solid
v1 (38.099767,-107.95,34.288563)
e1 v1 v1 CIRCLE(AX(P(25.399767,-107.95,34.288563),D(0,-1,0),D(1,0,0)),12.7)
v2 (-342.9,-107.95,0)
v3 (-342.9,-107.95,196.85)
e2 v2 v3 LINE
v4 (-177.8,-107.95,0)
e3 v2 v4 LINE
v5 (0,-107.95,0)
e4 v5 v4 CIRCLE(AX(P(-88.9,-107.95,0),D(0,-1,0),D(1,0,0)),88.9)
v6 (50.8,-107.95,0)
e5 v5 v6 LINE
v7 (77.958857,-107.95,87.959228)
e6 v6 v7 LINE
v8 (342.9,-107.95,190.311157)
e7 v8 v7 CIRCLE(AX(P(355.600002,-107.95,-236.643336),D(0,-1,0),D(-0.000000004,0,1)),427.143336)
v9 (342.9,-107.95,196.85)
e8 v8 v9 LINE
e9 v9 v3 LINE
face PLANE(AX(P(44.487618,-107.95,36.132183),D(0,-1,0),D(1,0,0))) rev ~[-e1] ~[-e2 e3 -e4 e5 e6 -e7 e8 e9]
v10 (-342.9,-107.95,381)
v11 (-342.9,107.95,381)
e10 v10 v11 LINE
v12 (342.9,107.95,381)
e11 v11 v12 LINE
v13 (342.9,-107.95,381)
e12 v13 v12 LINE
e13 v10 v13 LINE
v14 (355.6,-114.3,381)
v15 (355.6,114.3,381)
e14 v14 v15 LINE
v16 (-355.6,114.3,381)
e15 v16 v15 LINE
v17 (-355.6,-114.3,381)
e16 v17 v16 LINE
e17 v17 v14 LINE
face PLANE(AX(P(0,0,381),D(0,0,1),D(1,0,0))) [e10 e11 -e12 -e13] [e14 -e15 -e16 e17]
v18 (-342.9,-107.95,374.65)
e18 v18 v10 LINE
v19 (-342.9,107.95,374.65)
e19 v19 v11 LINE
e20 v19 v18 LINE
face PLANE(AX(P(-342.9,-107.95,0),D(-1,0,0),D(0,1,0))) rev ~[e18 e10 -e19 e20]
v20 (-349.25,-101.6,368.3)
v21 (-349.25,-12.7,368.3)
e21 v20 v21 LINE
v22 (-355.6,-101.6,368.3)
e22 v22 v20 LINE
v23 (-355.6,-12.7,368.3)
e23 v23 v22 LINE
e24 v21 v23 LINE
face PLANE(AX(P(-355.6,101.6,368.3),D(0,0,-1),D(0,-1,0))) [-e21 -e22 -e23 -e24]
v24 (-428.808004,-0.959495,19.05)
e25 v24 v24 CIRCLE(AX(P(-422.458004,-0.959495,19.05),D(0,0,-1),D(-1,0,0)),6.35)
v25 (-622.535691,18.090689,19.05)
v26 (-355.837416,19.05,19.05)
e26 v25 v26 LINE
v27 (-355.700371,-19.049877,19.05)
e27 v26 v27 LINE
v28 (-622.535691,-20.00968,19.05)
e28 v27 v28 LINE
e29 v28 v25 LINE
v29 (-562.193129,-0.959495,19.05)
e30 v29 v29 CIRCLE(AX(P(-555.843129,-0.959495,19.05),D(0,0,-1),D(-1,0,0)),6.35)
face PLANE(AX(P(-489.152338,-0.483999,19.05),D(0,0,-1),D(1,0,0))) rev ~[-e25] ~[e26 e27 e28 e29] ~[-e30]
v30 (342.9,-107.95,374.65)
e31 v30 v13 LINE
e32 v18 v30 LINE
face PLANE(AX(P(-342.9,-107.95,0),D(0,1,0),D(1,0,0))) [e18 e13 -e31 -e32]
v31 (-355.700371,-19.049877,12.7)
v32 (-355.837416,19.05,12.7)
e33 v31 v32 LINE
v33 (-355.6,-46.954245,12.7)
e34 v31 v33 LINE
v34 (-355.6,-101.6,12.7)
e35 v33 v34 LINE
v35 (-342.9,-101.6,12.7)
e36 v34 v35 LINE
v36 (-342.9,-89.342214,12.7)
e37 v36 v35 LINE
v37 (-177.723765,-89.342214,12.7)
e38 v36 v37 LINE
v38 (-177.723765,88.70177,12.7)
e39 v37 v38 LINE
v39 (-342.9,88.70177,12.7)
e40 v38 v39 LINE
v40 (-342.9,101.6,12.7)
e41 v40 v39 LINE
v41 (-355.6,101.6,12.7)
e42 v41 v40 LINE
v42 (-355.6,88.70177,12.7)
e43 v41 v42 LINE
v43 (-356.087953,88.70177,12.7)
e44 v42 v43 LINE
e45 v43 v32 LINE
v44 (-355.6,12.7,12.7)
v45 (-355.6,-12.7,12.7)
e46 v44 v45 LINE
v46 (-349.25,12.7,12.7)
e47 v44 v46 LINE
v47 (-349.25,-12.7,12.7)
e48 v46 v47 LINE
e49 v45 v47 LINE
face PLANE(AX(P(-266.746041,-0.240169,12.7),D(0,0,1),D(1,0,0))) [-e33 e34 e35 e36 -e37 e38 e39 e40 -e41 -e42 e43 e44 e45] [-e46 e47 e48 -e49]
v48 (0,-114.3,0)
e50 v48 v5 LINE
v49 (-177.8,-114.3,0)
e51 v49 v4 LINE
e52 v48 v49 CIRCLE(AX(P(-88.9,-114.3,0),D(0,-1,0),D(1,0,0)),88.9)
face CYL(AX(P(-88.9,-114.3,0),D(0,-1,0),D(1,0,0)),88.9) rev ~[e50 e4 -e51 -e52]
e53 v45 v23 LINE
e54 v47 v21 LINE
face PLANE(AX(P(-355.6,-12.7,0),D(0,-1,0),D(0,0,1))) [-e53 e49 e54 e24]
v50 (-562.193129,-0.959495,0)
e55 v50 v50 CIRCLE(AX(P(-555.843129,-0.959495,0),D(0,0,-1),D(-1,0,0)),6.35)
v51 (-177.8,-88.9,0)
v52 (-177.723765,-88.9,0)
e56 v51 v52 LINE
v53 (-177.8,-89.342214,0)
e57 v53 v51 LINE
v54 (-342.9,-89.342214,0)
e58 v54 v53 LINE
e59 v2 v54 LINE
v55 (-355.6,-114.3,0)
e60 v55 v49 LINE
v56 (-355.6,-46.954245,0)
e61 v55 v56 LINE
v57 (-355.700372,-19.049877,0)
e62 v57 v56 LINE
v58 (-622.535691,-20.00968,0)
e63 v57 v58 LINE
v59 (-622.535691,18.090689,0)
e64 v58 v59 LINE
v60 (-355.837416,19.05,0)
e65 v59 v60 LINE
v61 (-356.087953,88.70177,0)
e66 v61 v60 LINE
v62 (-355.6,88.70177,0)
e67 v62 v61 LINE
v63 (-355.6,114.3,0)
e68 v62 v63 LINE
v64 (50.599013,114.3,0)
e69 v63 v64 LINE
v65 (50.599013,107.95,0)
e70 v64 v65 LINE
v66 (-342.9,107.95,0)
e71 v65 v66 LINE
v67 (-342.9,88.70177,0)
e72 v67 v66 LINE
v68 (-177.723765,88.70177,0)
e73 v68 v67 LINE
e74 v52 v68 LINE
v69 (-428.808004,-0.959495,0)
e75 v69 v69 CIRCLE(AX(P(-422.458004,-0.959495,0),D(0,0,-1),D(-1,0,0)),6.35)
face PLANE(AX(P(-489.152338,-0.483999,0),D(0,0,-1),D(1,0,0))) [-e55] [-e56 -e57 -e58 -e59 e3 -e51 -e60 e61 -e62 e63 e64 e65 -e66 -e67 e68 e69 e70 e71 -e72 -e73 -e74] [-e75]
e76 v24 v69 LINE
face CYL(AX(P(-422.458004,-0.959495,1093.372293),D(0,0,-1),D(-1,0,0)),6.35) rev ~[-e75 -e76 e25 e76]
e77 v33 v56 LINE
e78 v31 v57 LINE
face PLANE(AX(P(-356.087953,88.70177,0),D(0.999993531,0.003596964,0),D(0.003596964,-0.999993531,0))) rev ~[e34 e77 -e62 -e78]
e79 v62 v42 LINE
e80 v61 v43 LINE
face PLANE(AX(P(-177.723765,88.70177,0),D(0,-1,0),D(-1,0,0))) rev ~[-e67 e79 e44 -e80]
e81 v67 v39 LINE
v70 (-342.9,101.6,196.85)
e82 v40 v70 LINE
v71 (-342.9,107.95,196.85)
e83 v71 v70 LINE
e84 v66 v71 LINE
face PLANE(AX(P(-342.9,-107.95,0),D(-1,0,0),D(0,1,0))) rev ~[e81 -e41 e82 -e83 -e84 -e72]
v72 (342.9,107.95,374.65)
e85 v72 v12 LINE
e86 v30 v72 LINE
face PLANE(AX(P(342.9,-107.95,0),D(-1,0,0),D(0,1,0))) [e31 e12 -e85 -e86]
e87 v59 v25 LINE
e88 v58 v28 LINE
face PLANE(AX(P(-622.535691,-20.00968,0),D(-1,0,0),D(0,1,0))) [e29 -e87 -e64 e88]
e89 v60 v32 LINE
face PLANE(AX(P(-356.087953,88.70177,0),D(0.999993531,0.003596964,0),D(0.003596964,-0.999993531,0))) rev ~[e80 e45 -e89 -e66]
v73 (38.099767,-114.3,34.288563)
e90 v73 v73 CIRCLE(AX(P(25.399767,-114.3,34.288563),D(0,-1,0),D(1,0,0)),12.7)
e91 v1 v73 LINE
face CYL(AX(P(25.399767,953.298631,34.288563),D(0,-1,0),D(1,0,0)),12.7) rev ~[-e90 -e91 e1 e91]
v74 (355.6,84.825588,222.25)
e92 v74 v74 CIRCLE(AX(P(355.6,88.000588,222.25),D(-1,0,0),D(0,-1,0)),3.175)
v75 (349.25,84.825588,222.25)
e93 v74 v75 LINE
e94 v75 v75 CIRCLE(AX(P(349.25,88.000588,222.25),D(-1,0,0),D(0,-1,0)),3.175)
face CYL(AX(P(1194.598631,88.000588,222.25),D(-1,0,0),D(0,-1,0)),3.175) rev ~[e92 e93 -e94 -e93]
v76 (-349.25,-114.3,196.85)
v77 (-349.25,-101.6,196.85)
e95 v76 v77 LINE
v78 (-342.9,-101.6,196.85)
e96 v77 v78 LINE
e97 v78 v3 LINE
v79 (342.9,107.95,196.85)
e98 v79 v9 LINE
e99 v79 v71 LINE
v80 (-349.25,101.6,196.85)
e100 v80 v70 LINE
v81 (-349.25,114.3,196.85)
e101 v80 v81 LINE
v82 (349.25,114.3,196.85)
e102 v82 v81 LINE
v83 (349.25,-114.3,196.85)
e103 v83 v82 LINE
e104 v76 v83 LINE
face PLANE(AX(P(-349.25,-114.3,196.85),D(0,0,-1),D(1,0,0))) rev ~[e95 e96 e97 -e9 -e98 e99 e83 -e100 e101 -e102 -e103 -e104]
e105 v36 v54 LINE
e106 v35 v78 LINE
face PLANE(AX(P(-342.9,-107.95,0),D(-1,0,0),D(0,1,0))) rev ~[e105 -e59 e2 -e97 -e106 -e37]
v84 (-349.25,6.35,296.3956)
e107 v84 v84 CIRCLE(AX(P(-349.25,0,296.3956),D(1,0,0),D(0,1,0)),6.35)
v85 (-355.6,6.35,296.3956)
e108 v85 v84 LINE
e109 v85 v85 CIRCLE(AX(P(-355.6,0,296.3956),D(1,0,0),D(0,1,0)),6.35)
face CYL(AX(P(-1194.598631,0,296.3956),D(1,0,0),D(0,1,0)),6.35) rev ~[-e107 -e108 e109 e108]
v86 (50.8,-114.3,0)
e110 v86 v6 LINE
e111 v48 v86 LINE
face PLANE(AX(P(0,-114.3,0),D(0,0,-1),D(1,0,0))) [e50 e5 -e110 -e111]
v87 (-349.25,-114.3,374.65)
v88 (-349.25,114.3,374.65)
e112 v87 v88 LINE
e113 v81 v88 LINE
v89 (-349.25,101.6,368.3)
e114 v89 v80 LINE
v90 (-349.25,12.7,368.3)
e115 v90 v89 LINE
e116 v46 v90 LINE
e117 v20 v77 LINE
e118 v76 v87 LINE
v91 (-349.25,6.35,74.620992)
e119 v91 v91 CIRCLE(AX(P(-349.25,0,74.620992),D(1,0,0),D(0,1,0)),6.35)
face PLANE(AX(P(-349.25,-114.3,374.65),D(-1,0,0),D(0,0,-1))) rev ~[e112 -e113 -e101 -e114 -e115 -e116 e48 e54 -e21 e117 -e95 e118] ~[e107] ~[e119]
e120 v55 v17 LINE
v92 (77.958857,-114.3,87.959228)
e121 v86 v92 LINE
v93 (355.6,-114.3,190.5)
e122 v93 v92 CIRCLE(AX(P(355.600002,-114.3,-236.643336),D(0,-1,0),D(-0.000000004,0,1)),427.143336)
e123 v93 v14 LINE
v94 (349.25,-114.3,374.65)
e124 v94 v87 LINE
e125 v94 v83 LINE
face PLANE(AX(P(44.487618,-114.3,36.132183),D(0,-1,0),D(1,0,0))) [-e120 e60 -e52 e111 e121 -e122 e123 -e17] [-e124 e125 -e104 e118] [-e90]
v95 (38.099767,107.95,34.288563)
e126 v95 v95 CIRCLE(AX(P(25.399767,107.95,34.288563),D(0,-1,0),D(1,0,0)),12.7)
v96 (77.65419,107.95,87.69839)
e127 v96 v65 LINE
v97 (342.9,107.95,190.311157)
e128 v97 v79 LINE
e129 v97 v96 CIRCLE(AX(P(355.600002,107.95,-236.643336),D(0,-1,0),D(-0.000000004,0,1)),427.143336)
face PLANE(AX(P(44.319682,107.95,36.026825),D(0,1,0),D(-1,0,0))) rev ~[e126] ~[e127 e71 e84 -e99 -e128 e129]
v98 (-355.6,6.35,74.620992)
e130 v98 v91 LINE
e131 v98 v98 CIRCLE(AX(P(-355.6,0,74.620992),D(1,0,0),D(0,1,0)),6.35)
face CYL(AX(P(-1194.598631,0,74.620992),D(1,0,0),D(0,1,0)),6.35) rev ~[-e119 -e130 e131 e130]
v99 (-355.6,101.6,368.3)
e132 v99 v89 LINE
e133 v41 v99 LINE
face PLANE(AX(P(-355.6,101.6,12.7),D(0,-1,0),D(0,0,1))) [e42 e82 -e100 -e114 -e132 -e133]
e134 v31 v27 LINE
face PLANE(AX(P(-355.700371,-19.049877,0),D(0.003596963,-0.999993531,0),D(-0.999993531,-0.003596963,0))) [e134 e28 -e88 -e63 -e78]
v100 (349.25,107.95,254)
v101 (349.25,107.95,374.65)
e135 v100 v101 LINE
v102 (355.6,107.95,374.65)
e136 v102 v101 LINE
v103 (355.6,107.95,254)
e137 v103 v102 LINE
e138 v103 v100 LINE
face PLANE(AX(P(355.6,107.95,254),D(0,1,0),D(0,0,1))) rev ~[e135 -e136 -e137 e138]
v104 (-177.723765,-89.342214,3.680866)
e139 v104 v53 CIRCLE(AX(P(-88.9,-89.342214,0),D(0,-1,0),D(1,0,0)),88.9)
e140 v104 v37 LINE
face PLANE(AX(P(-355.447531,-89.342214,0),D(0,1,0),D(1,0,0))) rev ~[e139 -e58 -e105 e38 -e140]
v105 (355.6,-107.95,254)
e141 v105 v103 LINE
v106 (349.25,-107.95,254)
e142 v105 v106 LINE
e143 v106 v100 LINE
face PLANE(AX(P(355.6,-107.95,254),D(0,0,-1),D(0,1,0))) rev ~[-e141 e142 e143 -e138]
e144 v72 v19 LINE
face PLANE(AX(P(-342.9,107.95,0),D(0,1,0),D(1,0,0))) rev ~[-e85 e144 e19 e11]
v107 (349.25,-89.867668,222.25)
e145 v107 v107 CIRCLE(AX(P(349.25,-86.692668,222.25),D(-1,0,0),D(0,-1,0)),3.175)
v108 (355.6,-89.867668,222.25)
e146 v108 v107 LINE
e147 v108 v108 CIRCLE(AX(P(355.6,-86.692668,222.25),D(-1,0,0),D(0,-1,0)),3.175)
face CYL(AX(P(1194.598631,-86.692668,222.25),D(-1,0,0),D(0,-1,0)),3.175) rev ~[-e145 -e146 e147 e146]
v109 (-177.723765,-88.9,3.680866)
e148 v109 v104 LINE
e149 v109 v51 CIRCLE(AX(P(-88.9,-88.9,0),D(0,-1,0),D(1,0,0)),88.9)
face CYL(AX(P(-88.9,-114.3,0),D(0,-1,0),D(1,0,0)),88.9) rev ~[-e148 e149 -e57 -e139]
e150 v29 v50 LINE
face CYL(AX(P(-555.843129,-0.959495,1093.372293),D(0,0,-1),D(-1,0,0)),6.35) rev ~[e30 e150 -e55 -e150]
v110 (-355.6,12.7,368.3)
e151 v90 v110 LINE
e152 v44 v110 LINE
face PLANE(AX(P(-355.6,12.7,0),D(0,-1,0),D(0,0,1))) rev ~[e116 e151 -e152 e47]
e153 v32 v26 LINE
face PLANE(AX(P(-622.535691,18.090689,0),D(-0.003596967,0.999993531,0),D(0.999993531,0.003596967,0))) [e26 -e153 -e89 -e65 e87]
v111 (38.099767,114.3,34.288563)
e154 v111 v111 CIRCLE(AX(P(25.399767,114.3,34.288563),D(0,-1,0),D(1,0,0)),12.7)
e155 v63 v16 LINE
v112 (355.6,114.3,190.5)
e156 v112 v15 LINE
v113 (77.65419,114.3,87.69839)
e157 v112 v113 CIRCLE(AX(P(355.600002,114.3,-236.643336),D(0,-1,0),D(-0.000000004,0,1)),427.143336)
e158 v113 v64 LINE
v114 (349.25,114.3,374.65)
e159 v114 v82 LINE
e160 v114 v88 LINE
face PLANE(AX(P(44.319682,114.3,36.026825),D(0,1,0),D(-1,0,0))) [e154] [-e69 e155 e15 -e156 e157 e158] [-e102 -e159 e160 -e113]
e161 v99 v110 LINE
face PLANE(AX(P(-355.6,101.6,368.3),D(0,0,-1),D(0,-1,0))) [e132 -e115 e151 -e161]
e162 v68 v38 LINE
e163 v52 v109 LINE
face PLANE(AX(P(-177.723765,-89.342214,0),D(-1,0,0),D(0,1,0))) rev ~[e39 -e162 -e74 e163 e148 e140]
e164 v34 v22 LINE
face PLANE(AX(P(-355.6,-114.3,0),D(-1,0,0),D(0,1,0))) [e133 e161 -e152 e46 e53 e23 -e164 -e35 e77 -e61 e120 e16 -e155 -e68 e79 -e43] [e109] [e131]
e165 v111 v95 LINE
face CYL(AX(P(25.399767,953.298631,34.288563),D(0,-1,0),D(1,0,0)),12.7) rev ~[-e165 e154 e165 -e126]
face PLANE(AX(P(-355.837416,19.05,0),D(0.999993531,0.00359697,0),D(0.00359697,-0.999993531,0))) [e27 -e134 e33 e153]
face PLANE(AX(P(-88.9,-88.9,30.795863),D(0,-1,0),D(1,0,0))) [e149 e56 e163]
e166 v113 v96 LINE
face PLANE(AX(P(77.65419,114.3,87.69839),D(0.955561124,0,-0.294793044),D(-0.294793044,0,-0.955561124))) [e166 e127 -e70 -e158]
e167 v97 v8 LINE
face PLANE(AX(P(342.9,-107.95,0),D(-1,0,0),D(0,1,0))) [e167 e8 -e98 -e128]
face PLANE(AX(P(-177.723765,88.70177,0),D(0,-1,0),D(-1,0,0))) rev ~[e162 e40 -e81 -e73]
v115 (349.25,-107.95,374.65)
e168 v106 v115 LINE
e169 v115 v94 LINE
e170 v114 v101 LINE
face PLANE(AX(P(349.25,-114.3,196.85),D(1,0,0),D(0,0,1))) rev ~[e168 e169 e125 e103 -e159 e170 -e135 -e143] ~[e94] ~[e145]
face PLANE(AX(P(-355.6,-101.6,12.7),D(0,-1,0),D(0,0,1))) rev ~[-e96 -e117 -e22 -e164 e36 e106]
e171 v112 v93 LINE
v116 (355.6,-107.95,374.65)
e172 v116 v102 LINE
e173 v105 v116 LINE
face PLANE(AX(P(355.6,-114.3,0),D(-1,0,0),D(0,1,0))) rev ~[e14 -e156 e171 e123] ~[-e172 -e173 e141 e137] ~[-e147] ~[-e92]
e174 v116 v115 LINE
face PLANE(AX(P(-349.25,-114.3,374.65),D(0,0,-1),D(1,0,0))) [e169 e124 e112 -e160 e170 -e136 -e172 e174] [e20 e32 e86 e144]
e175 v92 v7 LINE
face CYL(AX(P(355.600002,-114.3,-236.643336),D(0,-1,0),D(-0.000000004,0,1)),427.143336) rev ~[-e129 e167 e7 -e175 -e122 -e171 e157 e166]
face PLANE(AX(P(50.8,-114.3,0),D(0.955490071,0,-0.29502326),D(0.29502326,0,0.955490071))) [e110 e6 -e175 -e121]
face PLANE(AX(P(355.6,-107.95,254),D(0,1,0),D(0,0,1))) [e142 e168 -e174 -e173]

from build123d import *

# Parameters (mm, degrees)
F0_W      = 711.2
F0_H      = 228.6
F0_W_2    = 685.8
F0_H_2    = 215.9
F1_DEPTH  = 381
F2_W      = 698.5
F2_H      = 136.616886
F3_DEPTH  = 190.5
F4_DEPTH  = 254
F5_W      = 203.2
F5_H      = 355.6
F6_DEPTH  = 25.4
F8_DEPTH  = 12.7
F9_W      = 698.5
F9_H      = 136.616886
F9_H_2    = 41.183114
F10_DEPTH = 381
F12_DEPTH = 25.4
F13_W     = 25.4
F13_H     = 381
F14_DEPTH = 6.35
F15_W     = 215.9
F15_H     = 120.65
F16_DEPTH = 25.4
F18_D     = 6.35
F20_D     = 12.7
F22_DEPTH = 6.35
F24_DEPTH = 6.35
F26_D     = 25.4
F28_DEPTH = 19.05
F30_D     = 12.7


with BuildPart() as f1:
    # F0 (on Top) → F1 (new body)
    with BuildSketch(Plane.XY):
        Rectangle(F0_W, F0_H)
        Rectangle(F0_W_2, F0_H_2, mode=Mode.SUBTRACT)
    extrude(amount=F1_DEPTH)

    # F2 (on face) → F3 (cut, symmetric)
    with BuildSketch(Plane.XZ.offset(114.3)):
        with Locations((0, 306.341557)):
            Rectangle(F2_W, F2_H)
    extrude(amount=F3_DEPTH, both=True, mode=Mode.SUBTRACT)

    # F2 (on face) → F4 (cut, symmetric)
    with BuildSketch(Plane.XZ.offset(114.3)):
        with BuildLine():
            Line((355.6, 0), (355.6, 190.5))
            ThreePointArc((355.6, 190.5), (153.893772, 139.874959), (0, 0))
            Line((0, 0), (355.6, 0))
        make_face()
    extrude(amount=F4_DEPTH, both=True, mode=Mode.SUBTRACT)

    # F5 (on face) → F6 (cut)
    with BuildSketch(Plane(origin=(-355.6, 0, 0), x_dir=(0, -1, 0), z_dir=(-1, 0, 0))):
        with Locations((0, 190.5)):
            Rectangle(F5_W, F5_H)
    extrude(amount=-F6_DEPTH, mode=Mode.SUBTRACT)

    # F7 (on Top) → F8 (join)
    with BuildSketch(Plane.XY):
        Polygon((-177.723765, 88.70177), (-356.087953, 88.70177), (-355.447531, -89.342214), (-177.723765, -89.342214), align=None)
    extrude(amount=F8_DEPTH)

    # F9 (on face) → F10 (cut)
    with BuildSketch(Plane.XZ.offset(114.3)):
        with Locations((0, 306.341557)):
            Rectangle(F9_W, F9_H)
        with Locations((0, 217.441557)):
            Rectangle(F9_W, F9_H_2)
    extrude(amount=-F10_DEPTH, mode=Mode.SUBTRACT)

    # F11 (on face) → F12 (cut)
    with BuildSketch(Plane.XZ.offset(114.3)):
        with BuildLine():
            Line((-177.8, 0), (0, 0))
            ThreePointArc((0, 0), (-88.9, 88.9), (-177.8, 0))
        make_face()
    extrude(amount=-F12_DEPTH, mode=Mode.SUBTRACT)

    # F13 (on face) → F14 (join)
    with BuildSketch(Plane(origin=(-355.6, 0, 0), x_dir=(0, -1, 0), z_dir=(-1, 0, 0))):
        with Locations((0, 190.5)):
            Rectangle(F13_W, F13_H)
    extrude(amount=-F14_DEPTH)

    # F15 (on face) → F16 (cut)
    with BuildSketch(Plane.YZ.offset(355.6)):
        with Locations((0, 314.325)):
            Rectangle(F15_W, F15_H)
    extrude(amount=-F16_DEPTH, mode=Mode.SUBTRACT)

    # F18 (through all)
    with Locations(Plane.YZ.offset(355.6)):
        with Locations((-86.692668, 222.25), (88.000588, 222.25)):
            Hole(F18_D / 2)

    # F20 (through all)
    with Locations(Plane(origin=(-355.6, 0, 0), x_dir=(0, -1, 0), z_dir=(-1, 0, 0))):
        with Locations((0, 296.3956), (0, 74.620992)):
            Hole(F20_D / 2)

    # F21 (on face) → F22 (join)
    with BuildSketch(Plane.XZ.offset(114.3)):
        with BuildLine():
            ThreePointArc((77.958857, 87.959228), (35.939566, 46.673864), (0, 0))
            Line((0, 0), (50.8, 0))
            Line((50.8, 0), (77.958857, 87.959228))
        make_face()
    extrude(amount=-F22_DEPTH)

    # F23 (on face) → F24 (join)
    with BuildSketch(Plane(origin=(0, 114.3, 0), x_dir=(-1, 0, 0), z_dir=(0, 1, 0))):
        with BuildLine():
            ThreePointArc((0, 0), (-35.80659, 46.523758), (-77.65419, 87.69839))
            Line((-77.65419, 87.69839), (-50.599013, 0))
            Line((-50.599013, 0), (0, 0))
        make_face()
    extrude(amount=-F24_DEPTH)

    # F26 (through all)
    with Locations(Plane(origin=(0, 114.3, 0), x_dir=(-1, 0, 0), z_dir=(0, 1, 0))):
        with Locations((-25.399767, 34.288563)):
            Hole(F26_D / 2)

    # F27 (on face) → F28 (join)
    with BuildSketch(Plane(origin=(0, 0, 0), x_dir=(1, 0, 0), z_dir=(0, 0, -1))):
        Polygon((-355.837416, -19.05), (-355.700371, 19.049877), (-622.535691, 20.00968), (-622.535691, -18.090689), align=None)
    extrude(amount=-F28_DEPTH)

    # F30 (through all)
    with Locations(Plane.XY.offset(19.05)):
        with Locations((-555.843129, -0.959495), (-422.458004, -0.959495)):
            Hole(F30_D / 2)


solid = f1.part
